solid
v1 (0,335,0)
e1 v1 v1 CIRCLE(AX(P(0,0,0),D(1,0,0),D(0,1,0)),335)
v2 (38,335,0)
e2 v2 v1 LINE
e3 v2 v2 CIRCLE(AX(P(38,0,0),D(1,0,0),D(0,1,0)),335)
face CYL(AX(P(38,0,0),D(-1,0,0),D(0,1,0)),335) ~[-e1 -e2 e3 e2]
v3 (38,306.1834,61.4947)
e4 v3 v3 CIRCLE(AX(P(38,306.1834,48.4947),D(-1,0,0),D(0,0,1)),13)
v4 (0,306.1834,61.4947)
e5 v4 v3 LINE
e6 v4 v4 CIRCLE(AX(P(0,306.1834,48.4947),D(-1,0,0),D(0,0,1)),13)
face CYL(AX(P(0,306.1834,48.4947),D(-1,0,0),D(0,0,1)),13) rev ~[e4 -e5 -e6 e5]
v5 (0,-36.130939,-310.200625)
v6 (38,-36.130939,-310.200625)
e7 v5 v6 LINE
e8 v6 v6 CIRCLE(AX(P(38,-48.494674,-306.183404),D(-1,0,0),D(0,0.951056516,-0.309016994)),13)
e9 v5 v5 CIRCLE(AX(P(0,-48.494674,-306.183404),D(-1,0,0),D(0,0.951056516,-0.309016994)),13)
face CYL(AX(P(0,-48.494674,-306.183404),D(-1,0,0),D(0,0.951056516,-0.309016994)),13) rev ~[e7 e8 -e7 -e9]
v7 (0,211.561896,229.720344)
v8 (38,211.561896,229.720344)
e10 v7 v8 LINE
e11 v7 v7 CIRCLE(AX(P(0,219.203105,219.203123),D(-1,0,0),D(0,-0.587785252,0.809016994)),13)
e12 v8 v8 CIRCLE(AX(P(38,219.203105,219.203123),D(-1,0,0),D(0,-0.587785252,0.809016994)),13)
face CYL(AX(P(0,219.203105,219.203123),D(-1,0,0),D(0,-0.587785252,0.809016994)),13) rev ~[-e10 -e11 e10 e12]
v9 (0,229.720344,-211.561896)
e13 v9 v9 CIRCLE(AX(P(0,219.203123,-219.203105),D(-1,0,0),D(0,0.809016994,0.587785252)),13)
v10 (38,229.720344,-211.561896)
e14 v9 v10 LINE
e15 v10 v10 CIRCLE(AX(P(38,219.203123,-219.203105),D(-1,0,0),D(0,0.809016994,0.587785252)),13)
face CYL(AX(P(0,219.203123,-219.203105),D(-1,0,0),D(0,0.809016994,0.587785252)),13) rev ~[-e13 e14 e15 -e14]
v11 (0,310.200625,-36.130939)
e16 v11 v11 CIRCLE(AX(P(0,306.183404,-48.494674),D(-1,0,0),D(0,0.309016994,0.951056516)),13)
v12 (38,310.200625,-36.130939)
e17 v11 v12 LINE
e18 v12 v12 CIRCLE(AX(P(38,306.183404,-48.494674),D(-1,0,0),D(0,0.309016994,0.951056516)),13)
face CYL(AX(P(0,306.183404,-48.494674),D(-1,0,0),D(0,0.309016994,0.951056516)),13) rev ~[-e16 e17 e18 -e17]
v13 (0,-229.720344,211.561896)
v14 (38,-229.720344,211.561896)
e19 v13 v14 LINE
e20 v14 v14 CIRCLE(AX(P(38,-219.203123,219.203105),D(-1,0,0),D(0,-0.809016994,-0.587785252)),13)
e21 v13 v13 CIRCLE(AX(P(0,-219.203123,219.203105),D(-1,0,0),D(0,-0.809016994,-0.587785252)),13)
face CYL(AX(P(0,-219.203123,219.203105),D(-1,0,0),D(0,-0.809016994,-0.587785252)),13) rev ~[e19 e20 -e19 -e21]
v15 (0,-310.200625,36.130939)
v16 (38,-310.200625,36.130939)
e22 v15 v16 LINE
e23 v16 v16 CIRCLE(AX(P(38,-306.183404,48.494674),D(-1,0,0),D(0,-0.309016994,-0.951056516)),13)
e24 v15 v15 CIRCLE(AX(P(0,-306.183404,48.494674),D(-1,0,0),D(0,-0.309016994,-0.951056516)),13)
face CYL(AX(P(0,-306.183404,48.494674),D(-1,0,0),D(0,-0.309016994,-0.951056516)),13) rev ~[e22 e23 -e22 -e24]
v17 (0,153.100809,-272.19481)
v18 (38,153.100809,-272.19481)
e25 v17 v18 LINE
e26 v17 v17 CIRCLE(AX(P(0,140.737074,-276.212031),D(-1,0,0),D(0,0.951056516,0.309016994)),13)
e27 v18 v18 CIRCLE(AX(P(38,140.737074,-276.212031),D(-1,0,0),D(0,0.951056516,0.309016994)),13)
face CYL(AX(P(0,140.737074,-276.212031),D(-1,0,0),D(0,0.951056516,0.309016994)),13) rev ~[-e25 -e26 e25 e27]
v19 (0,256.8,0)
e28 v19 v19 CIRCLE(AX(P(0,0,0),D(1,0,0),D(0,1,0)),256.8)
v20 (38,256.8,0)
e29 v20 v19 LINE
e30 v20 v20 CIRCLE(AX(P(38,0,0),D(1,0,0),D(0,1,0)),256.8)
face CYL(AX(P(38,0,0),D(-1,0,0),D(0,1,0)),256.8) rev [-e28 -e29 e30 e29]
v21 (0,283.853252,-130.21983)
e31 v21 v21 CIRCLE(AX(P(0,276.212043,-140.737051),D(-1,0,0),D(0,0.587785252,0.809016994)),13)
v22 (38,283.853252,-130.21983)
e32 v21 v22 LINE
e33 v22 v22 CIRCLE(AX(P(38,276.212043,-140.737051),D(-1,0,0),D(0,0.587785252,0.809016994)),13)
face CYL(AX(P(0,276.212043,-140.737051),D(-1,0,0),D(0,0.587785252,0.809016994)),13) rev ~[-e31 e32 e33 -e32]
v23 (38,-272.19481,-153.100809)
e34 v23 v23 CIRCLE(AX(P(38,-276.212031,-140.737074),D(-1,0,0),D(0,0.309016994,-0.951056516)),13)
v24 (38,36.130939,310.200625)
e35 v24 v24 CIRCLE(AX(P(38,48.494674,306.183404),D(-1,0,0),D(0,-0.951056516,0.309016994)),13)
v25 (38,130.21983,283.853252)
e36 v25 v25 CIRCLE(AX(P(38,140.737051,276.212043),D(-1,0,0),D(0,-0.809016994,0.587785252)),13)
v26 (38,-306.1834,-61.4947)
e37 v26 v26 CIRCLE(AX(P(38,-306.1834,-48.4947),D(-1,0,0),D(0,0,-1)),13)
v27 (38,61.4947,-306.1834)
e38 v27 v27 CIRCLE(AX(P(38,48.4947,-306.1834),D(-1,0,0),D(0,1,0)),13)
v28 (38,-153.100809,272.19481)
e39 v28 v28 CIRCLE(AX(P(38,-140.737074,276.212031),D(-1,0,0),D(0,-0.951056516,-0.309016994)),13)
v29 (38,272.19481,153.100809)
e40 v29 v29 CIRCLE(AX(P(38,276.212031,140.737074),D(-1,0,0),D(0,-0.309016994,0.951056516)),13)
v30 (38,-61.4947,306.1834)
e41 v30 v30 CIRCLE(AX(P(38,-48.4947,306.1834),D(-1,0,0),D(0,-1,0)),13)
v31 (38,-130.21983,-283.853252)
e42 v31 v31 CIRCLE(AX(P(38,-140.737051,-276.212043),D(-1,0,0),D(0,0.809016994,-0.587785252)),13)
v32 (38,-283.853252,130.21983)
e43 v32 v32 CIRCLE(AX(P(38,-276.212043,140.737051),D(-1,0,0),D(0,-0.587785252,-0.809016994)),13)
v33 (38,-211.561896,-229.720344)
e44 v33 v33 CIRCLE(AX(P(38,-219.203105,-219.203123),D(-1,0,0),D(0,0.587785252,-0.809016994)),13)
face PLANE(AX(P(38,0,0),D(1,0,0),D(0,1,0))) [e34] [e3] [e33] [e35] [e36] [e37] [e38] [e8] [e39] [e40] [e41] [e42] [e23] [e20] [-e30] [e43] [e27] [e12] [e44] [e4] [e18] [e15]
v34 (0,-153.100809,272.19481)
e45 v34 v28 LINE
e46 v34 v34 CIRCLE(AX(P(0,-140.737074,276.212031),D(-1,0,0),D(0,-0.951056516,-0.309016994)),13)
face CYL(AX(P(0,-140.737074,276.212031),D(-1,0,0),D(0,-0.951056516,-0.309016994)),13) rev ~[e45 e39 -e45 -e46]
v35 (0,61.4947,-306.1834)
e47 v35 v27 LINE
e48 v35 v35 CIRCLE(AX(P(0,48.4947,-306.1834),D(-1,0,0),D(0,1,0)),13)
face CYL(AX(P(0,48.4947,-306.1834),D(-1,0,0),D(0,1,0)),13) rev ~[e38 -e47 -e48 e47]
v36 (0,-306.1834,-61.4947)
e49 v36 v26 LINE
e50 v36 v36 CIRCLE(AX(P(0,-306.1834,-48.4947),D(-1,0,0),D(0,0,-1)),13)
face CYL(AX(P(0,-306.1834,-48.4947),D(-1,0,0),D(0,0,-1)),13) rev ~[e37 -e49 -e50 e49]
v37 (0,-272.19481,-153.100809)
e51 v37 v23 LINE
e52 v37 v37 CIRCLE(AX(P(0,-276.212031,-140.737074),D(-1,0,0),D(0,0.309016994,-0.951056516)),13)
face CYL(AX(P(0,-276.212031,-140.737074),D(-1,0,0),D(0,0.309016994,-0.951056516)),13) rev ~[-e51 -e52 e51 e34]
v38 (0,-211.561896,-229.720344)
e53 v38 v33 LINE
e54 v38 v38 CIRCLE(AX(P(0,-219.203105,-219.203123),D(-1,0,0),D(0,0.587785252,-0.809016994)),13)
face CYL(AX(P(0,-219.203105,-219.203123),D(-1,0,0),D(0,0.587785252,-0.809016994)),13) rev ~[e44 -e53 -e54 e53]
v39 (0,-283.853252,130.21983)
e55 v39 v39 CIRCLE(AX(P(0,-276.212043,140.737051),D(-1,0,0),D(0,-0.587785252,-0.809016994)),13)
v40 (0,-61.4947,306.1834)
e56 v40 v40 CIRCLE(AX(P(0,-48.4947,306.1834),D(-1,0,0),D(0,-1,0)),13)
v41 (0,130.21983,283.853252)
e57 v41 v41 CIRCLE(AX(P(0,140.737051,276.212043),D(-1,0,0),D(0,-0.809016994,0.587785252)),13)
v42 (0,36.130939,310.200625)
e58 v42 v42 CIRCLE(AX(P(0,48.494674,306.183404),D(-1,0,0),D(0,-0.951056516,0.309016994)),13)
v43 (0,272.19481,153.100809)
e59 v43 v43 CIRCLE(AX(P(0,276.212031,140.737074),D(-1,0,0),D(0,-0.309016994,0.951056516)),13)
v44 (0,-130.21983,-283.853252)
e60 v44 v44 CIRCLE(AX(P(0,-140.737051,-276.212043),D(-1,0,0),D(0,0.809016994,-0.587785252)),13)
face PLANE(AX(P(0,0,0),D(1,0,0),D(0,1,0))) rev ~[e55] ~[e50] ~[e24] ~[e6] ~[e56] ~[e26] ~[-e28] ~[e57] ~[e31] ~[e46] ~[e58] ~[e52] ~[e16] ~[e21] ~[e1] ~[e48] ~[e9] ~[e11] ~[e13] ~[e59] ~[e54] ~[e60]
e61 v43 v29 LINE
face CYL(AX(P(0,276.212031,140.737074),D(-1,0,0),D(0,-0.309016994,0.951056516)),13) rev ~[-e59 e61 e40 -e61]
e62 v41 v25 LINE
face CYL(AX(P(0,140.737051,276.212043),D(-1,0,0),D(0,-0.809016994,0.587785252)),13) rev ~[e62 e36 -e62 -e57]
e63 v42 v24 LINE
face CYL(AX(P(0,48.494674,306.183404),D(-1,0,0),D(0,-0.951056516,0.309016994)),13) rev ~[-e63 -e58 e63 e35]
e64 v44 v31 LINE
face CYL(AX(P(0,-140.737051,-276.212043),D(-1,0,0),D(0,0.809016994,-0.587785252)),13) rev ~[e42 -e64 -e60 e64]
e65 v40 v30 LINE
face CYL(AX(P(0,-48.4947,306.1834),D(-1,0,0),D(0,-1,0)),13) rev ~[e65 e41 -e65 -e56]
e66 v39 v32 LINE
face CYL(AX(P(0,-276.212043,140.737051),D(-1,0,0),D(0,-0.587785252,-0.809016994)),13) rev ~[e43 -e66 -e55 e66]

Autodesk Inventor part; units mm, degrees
ref_plane "YZ Plane" through (0, 0, 0) normal (1, 0, 0) x (0, 1, 0)
ref_plane "XZ Plane" through (0, 0, 0) normal (0, 1, 0) x (-1, 0, 0)
ref_plane "XY Plane" through (0, 0, 0) normal (0, 0, 1) x (1, 0, 0)
sketch "Sketch1" plane through (0, 0, 0) normal (0, 0, 1) x (1, 0, 0)
  line L0 (38, 335) -> (0, 335)
  line L1 (0, 335) -> (0, 256.8)
  line L2 (0, 256.8) -> (0, 0) construction
  line L3 (0, 0) -> (38, 0) construction
  line L4 (38, 335) -> (38, 256.8)
  line L5 (38, 256.8) -> (0, 256.8)
  line L6 (38, 256.8) -> (38, 0) construction
  dimension "d0" = 670
  dimension "d1" = 38
  dimension "d5" = 513.6
revolve "Revolution1" add sketch "Sketch1" angle 360 about axis through (0, 0, 0) along (1, 0, 0)
sketch "Sketch2" plane through (0, 0, 0) normal (-1, 0, 0) x (0, 0, 1)
  circle A0 centre (0, 0) radius 256.8 projected
  line L0 (0, 310) -> (0, 0) construction
  circle A1 centre (0, 0) radius 335 projected
  circle A2 centre (0, 0) radius 310 construction
  line L1 (0, 0) -> (48.4947, 306.1834) construction
  circle A3 centre (48.4947, 306.1834) radius 13
  dimension "d6" = 26
  dimension "d7" = 310
  dimension "d8" = 9
extrude "Extrusion1" cut sketch "Sketch2" against normal through all contours A3
pattern_circular "Circular Pattern1" count 20 over 360 about axis through (19, 0, 0) along (1, 0, 0) of "Extrusion1"
equation "\"d6\" = dd2"
equation "\"d7\" = 0.5 * k"
equation "\"d0\" = D"
equation "\"d1\" = b"
equation "\"d5\" = dd5"
equation "\"b\" = 38"
equation "\"D\" = 670"
equation "\"dd2\" = 26"
equation "\"dd5\" = 513.6"
equation "\"Size_Designation\" = 1.2345"
equation "\"k\" = 620"
properties part number "DIN 2576 Slip-On Flange for Welding Series 1 (ISO) - PN 10 500 x 508" material "Steel"
